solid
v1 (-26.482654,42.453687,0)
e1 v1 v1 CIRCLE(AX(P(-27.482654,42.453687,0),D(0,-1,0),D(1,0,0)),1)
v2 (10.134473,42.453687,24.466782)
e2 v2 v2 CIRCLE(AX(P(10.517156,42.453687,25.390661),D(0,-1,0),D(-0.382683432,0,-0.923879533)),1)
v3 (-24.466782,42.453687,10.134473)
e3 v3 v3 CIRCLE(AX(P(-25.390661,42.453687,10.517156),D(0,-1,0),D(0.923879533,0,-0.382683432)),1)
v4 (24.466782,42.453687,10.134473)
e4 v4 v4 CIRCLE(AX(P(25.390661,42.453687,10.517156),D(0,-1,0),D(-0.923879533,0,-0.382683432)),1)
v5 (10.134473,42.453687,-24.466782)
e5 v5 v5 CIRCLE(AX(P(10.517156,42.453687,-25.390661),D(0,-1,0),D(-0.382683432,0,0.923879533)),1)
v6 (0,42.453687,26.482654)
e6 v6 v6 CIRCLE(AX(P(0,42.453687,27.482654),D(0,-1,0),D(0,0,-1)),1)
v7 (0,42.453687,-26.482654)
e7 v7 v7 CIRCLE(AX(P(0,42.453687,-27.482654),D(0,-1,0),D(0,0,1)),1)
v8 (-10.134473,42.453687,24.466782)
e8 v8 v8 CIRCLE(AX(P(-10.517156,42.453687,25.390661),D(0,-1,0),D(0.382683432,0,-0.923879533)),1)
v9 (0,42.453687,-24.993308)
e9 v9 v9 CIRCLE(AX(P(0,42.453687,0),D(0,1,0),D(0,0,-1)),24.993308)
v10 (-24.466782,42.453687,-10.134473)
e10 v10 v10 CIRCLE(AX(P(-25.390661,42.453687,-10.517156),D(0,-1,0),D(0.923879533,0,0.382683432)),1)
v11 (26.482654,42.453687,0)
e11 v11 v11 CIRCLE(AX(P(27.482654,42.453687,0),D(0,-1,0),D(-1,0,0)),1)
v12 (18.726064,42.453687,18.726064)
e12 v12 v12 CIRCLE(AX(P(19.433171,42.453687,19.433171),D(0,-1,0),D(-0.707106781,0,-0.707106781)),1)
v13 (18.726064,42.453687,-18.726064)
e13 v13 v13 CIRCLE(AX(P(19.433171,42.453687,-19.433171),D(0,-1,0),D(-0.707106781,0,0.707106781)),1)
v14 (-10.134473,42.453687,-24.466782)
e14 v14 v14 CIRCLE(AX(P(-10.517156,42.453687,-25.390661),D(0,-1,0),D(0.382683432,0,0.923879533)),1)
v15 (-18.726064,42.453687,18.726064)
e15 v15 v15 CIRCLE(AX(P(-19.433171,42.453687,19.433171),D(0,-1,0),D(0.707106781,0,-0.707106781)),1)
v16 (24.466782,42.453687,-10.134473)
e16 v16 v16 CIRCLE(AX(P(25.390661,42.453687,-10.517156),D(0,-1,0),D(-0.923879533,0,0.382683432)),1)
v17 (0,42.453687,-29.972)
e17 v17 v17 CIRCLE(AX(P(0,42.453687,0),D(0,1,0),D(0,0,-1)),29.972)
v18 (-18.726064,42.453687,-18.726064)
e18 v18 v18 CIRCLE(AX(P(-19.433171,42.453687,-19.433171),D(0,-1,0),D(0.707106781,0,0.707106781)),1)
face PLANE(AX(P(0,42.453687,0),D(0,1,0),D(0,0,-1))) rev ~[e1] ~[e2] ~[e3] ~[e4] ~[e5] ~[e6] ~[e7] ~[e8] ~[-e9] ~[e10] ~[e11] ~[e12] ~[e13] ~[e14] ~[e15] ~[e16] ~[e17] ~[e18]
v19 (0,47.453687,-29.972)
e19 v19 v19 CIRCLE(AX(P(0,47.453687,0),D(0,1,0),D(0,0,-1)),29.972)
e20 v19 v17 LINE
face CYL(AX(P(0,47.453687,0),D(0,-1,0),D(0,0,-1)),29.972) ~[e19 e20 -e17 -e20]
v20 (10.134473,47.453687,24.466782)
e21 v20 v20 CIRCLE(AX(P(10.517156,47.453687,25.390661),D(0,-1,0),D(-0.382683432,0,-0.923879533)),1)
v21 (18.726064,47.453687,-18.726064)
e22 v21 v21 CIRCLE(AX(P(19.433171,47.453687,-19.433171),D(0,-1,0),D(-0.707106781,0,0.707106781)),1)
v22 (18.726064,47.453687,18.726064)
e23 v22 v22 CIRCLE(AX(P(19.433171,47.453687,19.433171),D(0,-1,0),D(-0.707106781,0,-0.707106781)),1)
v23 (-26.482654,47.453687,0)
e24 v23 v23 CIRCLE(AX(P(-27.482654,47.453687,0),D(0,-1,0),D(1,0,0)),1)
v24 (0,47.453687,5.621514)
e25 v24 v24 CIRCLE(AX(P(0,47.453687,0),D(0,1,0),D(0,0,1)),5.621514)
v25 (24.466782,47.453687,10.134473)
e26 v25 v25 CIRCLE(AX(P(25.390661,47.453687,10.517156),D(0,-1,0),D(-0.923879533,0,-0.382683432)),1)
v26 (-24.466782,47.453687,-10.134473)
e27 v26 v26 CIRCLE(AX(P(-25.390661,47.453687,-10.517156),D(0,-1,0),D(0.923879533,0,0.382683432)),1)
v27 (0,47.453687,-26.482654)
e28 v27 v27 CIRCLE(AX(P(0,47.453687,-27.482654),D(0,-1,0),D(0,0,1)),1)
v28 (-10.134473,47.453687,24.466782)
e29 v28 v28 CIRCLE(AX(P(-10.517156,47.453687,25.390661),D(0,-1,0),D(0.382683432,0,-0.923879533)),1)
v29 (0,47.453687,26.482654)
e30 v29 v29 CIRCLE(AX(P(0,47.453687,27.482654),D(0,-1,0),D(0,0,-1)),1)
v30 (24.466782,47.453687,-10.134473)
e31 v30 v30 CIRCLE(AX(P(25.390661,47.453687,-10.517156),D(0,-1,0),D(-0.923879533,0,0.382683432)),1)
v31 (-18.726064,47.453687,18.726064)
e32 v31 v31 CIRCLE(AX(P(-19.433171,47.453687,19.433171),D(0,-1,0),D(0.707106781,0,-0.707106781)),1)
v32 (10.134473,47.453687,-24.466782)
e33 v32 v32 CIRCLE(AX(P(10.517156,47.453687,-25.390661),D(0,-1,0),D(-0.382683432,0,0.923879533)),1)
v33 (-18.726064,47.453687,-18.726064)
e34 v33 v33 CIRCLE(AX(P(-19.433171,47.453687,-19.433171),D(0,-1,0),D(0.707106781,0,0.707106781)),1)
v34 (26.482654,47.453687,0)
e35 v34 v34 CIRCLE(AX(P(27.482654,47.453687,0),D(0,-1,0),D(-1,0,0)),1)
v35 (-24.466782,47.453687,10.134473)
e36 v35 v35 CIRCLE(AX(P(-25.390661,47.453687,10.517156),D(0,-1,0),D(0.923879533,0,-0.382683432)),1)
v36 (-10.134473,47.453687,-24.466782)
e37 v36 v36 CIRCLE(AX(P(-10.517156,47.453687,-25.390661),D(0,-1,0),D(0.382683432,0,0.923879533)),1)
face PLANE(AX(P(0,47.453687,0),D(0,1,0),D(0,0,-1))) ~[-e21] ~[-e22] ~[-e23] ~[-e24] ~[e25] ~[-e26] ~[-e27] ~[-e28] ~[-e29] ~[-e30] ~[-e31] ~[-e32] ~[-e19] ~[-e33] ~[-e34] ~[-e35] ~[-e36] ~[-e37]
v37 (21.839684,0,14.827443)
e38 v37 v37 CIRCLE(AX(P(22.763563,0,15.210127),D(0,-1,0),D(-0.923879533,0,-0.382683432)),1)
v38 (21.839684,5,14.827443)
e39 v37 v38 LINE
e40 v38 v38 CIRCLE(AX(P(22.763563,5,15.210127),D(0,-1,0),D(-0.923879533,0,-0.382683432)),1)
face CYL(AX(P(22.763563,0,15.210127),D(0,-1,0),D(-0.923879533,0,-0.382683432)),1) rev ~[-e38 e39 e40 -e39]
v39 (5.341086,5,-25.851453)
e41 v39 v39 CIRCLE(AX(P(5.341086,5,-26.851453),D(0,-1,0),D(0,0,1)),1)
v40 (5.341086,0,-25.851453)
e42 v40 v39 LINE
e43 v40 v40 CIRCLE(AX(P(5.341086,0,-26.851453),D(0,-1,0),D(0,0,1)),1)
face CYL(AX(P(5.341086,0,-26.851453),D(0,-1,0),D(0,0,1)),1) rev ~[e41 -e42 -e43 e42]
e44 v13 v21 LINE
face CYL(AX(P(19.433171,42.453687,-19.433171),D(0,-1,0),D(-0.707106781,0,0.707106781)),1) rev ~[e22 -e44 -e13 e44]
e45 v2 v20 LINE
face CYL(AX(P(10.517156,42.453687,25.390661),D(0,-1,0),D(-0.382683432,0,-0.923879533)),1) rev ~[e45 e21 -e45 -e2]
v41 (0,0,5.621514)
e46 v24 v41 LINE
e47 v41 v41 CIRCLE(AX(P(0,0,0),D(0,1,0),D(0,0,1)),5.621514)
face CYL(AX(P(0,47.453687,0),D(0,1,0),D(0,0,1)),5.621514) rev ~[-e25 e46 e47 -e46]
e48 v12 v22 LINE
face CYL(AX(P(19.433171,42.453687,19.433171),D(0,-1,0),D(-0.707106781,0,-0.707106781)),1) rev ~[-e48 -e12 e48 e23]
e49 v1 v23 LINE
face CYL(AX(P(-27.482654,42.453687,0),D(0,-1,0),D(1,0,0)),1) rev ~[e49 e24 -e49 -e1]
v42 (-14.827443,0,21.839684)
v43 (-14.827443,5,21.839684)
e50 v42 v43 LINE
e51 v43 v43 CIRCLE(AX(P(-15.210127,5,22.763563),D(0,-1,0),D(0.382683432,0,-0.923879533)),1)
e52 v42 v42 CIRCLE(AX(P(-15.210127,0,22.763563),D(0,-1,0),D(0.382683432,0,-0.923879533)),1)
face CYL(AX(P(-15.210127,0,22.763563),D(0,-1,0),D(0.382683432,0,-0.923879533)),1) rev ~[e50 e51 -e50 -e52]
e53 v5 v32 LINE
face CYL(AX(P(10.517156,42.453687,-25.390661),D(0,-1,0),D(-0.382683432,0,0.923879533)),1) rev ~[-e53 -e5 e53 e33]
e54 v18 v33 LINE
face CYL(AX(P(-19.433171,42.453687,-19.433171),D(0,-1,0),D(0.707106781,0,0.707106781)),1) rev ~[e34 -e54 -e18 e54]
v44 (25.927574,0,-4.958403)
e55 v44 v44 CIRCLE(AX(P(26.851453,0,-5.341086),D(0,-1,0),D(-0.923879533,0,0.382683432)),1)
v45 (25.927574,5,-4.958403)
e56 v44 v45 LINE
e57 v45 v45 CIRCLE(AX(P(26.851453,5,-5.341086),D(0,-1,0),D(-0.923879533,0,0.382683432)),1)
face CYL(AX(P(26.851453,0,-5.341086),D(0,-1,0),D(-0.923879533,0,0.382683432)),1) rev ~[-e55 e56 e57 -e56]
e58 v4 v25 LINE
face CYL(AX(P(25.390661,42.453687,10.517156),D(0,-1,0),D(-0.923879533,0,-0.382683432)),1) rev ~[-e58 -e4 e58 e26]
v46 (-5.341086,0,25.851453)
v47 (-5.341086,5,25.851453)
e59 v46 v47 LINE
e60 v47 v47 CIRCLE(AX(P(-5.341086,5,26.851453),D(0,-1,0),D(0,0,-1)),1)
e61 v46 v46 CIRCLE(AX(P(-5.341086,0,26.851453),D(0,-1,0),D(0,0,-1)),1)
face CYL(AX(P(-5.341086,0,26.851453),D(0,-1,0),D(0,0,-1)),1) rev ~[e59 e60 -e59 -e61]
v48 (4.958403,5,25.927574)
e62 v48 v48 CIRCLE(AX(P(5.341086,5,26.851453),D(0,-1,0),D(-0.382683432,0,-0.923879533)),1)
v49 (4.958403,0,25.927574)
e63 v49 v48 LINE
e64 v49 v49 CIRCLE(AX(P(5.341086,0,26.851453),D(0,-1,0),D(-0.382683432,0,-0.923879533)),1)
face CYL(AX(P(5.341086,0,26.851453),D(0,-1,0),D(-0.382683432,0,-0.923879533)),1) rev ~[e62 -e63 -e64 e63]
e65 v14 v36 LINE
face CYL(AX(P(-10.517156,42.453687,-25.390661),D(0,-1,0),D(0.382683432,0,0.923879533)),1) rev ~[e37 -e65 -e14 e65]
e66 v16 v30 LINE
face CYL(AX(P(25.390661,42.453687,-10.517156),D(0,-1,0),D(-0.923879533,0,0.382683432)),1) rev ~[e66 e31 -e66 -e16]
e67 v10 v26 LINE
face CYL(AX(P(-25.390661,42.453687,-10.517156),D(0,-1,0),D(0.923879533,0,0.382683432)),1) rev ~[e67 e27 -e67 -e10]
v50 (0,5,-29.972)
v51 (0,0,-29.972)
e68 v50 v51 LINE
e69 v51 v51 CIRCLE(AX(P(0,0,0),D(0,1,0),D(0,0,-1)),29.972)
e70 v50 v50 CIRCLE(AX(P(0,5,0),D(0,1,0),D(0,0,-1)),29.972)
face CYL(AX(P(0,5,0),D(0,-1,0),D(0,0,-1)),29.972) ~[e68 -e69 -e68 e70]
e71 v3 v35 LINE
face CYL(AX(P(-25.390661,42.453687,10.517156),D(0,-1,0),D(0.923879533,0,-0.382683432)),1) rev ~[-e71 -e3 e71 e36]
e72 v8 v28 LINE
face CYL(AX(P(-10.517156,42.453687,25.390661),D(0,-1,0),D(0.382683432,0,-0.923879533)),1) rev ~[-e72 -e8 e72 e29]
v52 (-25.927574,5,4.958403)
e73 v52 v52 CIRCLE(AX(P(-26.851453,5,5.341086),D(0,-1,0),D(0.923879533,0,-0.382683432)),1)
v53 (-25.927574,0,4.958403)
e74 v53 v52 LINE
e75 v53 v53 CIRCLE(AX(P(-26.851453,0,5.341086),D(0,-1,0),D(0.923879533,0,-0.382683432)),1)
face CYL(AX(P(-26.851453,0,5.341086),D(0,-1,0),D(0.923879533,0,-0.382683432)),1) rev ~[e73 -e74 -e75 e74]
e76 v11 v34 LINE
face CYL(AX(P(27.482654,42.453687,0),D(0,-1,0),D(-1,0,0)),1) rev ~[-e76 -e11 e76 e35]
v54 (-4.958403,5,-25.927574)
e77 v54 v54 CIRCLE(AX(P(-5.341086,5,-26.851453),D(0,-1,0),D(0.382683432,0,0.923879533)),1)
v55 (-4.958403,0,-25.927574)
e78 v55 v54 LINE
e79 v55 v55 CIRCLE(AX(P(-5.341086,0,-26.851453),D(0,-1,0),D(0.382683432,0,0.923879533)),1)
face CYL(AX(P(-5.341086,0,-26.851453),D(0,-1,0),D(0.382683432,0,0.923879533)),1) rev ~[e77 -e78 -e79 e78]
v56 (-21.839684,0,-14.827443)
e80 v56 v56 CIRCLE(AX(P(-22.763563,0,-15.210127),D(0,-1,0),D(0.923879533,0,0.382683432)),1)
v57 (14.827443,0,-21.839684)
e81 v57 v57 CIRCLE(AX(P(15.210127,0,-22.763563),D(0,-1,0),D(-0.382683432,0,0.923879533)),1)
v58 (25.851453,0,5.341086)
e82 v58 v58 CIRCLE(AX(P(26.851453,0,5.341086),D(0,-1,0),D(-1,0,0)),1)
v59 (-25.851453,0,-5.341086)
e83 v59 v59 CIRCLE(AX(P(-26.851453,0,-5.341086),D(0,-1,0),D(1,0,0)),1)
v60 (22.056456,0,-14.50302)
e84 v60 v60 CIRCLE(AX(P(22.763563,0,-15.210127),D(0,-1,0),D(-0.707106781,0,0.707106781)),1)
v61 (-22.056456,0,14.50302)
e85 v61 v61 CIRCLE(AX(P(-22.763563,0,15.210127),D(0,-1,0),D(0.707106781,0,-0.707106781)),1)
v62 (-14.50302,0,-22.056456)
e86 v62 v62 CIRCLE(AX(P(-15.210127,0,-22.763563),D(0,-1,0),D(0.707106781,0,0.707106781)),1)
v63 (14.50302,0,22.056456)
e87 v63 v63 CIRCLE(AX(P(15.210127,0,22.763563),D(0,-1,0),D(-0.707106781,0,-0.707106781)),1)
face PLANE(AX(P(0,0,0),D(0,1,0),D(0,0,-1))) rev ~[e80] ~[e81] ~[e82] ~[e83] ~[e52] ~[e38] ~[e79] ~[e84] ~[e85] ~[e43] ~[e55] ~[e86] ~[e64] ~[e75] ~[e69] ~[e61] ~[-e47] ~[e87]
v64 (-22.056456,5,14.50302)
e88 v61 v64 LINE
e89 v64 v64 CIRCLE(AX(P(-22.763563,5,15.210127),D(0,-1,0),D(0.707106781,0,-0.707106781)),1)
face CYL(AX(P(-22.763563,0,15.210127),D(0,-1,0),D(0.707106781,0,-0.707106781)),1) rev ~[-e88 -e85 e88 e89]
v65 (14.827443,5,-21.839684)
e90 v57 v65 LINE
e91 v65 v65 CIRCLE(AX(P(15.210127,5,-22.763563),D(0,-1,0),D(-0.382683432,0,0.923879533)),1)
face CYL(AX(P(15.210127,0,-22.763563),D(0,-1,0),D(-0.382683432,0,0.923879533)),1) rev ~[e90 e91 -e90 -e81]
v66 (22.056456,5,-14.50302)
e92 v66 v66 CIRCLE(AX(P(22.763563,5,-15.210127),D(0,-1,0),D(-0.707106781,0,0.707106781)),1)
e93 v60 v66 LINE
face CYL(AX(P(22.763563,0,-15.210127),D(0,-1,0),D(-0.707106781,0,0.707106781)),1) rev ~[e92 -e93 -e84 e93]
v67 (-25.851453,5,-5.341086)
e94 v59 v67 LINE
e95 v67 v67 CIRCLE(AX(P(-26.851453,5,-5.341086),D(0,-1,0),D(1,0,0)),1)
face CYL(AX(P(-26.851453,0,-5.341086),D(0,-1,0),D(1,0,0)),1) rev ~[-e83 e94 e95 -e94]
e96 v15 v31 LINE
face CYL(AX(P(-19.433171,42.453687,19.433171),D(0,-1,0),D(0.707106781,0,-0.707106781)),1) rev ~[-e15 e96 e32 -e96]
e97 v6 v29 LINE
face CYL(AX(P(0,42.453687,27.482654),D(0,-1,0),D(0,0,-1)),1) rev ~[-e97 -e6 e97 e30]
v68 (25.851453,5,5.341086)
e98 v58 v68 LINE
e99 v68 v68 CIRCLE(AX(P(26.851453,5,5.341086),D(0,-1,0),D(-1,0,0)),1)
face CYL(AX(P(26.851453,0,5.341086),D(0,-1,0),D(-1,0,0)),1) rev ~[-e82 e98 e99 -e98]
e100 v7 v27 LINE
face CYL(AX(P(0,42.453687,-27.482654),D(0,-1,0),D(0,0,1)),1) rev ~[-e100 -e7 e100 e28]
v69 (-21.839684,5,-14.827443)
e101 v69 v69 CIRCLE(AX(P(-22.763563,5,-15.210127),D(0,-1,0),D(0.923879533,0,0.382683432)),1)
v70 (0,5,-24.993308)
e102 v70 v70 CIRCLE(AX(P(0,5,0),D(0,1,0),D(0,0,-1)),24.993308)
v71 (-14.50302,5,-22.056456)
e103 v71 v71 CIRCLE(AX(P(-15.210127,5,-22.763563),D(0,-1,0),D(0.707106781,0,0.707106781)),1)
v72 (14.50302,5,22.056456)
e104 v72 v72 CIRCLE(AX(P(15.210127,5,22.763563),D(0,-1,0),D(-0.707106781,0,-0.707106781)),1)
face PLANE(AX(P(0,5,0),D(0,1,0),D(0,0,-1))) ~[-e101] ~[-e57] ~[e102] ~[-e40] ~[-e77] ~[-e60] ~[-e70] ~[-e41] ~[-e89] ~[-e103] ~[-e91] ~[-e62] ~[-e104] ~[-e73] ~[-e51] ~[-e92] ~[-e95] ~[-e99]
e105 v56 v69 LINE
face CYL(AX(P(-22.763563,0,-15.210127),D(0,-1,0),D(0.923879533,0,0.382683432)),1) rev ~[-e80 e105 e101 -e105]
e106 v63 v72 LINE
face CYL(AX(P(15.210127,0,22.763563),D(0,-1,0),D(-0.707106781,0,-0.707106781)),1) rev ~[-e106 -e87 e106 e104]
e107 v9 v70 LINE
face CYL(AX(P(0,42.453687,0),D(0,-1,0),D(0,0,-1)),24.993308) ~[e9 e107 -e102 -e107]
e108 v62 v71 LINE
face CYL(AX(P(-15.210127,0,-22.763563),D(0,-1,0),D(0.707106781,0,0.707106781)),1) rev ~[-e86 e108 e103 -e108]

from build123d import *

# Parameters (mm, degrees)
SKETCH4_R          = 5.621513677
CUT_EXTRUDE1_DEPTH = 64.627776498
SKETCH5_R          = 1
CUT_EXTRUDE2_DEPTH = 60.991308336
CIRPATTERN2_COUNT  = 16
CUT_EXTRUDE3_REACH = 65.628
SKETCH7_R          = 1
CIRPATTERN3_COUNT  = 16


with BuildPart() as part:
    # Sketch3 → Revolve1 (revolve)
    with BuildSketch(Plane(origin=(0, 0, 0), x_dir=(0, 0, -1), z_dir=(1, 0, 0))):
        Polygon((29.972, 0), (0, 0), (0, 47.453686622), (29.972, 47.453686622), (29.972, 42.453686622), (24.993307857, 42.453686622), (24.993307857, 5), (29.972, 5), align=None)
    revolve(axis=Axis((0, 47.453686622, 0), (0, 1, 0)))

    # Sketch4 → Cut-Extrude1 (cut, through all)
    with BuildSketch(Plane(origin=(0, 47.453686622, 0), x_dir=(1, 0, 0), z_dir=(0, 1, 0))):
        with Locations(Location((0, 0, 0), (0, 0, 270))):
            Circle(SKETCH4_R)
    extrude(amount=-CUT_EXTRUDE1_DEPTH, mode=Mode.SUBTRACT)

    # Sketch5 → Cut-Extrude2 (cut, through all)
    with BuildSketch(Plane.XZ.offset(-42.453686622)):
        with Locations(Location((0, 27.482653928, 0), (0, 0, 270))):
            Circle(SKETCH5_R)
    cut_extrude2 = extrude(amount=-CUT_EXTRUDE2_DEPTH, mode=Mode.SUBTRACT)

    # CirPattern2: Cut-Extrude2 ×16 about axis
    cirpattern2_axis = Axis((0, 0, 0), (0, 1, 0))
    for i in range(1, CIRPATTERN2_COUNT):
        add(cut_extrude2.rotate(cirpattern2_axis, i * 360 / CIRPATTERN2_COUNT), mode=Mode.SUBTRACT)

    # Sketch7 → Cut-Extrude3 (cut, up to next)
    with BuildSketch(Plane.XZ, mode=Mode.PRIVATE) as cut_extrude3_sk1:
        with Locations(Location((-5.341086171, 26.85145344, 0), (0, 0, 270))):
            Circle(SKETCH7_R)
    cut_extrude3_tool1 = extrude(cut_extrude3_sk1.sketch, amount=-CUT_EXTRUDE3_REACH, mode=Mode.PRIVATE) & part.part
    cut_extrude3 = cut_extrude3_tool1.solids().sort_by_distance((-5.341086, 0, 26.851453))[0]
    add(cut_extrude3, mode=Mode.SUBTRACT)

    # CirPattern3: Cut-Extrude3 ×16 about axis
    cirpattern3_axis = Axis((0, 0, 0), (0, 1, 0))
    for i in range(1, CIRPATTERN3_COUNT):
        add(cut_extrude3.rotate(cirpattern3_axis, i * 360 / CIRPATTERN3_COUNT), mode=Mode.SUBTRACT)


solid = part.part
